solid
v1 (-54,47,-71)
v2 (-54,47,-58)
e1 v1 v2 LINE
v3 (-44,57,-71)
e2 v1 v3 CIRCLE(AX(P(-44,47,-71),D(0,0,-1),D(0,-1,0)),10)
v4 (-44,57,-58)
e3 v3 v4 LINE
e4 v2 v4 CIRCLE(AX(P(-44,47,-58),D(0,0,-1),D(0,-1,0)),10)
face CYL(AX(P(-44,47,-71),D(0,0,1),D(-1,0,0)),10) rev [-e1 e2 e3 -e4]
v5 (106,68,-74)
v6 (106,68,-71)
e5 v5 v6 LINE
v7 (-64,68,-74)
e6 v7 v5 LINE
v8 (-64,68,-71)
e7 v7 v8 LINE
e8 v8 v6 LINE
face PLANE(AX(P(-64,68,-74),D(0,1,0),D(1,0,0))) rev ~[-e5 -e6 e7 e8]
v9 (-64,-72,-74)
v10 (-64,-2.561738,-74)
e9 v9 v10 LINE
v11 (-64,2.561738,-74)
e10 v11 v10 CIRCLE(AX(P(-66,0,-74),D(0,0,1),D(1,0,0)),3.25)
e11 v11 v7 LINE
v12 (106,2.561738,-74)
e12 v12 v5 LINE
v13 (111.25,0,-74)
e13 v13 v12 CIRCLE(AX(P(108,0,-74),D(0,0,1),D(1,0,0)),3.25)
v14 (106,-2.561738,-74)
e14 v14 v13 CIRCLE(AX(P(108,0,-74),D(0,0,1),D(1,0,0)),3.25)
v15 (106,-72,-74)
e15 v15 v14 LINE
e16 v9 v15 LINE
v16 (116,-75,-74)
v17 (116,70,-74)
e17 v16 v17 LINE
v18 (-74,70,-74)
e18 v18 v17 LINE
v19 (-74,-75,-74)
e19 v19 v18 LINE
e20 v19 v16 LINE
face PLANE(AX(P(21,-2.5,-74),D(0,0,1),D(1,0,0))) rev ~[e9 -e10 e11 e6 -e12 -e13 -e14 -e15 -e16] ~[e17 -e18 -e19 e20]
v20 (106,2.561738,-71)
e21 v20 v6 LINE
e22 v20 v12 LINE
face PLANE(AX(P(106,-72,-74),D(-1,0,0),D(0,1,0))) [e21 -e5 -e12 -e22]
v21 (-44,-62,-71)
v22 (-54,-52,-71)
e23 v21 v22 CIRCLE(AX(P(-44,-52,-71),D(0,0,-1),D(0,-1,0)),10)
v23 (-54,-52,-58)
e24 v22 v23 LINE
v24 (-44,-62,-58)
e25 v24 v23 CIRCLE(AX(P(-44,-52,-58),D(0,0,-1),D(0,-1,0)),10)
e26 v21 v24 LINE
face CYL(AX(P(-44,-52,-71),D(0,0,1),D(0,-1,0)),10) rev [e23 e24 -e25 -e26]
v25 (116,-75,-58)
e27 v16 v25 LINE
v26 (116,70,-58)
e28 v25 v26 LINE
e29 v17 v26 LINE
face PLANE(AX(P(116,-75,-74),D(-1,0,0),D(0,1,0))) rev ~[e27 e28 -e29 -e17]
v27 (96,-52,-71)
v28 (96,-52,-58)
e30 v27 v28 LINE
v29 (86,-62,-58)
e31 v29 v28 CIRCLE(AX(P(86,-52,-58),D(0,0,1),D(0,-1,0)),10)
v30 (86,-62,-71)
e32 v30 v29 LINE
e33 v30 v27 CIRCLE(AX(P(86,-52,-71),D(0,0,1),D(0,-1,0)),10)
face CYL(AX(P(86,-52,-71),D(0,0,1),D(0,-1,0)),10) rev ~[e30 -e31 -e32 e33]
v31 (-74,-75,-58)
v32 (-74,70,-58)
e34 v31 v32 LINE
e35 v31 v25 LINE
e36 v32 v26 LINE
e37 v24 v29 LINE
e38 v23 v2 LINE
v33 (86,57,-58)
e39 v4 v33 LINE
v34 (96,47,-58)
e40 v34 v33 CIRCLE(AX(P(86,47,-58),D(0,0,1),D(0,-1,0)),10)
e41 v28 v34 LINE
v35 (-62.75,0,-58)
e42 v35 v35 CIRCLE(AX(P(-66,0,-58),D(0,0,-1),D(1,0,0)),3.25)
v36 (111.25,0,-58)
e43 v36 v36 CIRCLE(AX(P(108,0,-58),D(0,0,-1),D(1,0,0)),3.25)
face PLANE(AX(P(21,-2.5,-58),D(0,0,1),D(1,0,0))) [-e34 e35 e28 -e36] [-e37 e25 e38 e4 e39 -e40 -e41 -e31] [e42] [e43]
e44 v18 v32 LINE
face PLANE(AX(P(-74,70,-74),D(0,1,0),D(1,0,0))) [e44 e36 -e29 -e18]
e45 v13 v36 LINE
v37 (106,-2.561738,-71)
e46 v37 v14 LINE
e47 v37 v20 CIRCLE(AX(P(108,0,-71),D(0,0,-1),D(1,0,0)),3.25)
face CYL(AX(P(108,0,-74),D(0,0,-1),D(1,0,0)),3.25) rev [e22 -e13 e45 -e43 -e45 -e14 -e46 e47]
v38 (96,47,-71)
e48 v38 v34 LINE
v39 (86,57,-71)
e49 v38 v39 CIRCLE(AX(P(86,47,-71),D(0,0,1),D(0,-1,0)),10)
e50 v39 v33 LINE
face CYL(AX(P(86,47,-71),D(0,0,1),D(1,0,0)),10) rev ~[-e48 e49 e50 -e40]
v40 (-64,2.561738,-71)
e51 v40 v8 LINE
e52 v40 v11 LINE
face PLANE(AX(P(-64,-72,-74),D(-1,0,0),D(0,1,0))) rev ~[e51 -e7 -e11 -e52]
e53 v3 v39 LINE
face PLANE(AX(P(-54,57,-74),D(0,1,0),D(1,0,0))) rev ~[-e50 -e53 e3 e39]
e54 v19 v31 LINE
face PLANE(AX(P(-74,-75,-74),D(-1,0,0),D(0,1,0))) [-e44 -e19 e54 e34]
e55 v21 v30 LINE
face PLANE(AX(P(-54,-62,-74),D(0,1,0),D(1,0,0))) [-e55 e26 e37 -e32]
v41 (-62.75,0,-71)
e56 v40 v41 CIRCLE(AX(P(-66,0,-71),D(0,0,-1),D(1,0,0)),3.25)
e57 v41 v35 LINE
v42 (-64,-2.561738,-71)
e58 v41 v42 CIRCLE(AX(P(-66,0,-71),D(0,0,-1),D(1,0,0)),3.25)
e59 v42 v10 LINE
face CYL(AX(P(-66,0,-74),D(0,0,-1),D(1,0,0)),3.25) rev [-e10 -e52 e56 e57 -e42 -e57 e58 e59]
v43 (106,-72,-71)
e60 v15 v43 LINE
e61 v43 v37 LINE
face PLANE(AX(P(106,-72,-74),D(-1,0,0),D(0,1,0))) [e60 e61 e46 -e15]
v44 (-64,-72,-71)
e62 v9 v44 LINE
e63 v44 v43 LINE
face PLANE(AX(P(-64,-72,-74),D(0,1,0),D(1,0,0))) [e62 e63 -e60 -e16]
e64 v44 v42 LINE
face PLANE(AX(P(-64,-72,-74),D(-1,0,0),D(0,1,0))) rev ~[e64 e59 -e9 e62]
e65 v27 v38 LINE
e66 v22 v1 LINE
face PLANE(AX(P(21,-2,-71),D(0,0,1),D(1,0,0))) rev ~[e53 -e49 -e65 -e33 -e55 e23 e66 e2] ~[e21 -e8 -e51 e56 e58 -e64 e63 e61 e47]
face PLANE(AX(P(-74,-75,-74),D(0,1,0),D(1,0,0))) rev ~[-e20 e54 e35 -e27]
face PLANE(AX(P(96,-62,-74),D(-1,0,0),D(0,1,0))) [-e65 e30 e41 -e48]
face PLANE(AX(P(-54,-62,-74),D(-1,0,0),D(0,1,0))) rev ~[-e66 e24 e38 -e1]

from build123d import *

# Parameters (mm, degrees)
CYLINDER026_R     = 3.25
CYLINDER026_DEPTH = 26
ARRAY008_X_COUNT  = 2
ARRAY008_X_PITCH  = 174
BOX047_W          = 170
BOX047_H          = 140
BOX047_DEPTH      = 3
BOX046_W          = 150
BOX046_H          = 119
BOX046_DEPTH      = 16
BOX045_W          = 190
BOX045_H          = 145
BOX045_DEPTH      = 16
FILLET_R          = 10


with BuildPart() as array008:
    # Cylinder026 → Cylinder026 (new body)
    with BuildSketch(Plane(origin=(8, 75, 0), x_dir=(1, 0, 0), z_dir=(0, 0, 1))):
        Circle(CYLINDER026_R)
    extrude(amount=CYLINDER026_DEPTH)

    # Array008 X: Array008 ×2


with BuildPart() as array008_1:
    add(array008.part)
    with Locations(*[(i * ARRAY008_X_PITCH, 0, 0) for i in range(1, ARRAY008_X_COUNT)]):
        add(array008.part)


with BuildPart() as cubo034:
    # Box047 → Box047 (new body)
    with BuildSketch(Plane(origin=(10, 3, 0), x_dir=(1, 0, 0), z_dir=(0, 0, 1))):
        with Locations((85, 70)):
            Rectangle(BOX047_W, BOX047_H)
    extrude(amount=BOX047_DEPTH)


with BuildPart() as fusion025:
    # Box046 → Box046 (new body)
    with BuildSketch(Plane(origin=(20, 13, 0), x_dir=(1, 0, 0), z_dir=(0, 0, 1))):
        with Locations((75, 59.5)):
            Rectangle(BOX046_W, BOX046_H)
    extrude(amount=BOX046_DEPTH)

    # Fusion025: union Cubo034
    add(cubo034.part)


with BuildPart() as cubeta_inferior_sin_tuerca:
    # Box045 → Box045 (new body)
    with BuildSketch(Plane.XY):
        with Locations((95, 72.5)):
            Rectangle(BOX045_W, BOX045_H)
    extrude(amount=BOX045_DEPTH)

    # Cut033: cut Fusion025
    add(fusion025.part, mode=Mode.SUBTRACT)

    # Cut034: cut Array008
    add(array008_1.part, mode=Mode.SUBTRACT)

    # Fillet
    fillet_edges = [cubeta_inferior_sin_tuerca.edges().sort_by_distance(p)[0] for p in [
        (170, 132, 9.5),
        (20, 132, 9.5),
        (170, 13, 9.5),
        (20, 13, 9.5),
    ]]
    fillet(fillet_edges, radius=FILLET_R)


with BuildPart() as cubeta_inferior_sin_tuerca_1:
    # Fillet placement: moved
    add(cubeta_inferior_sin_tuerca.part.moved(Location((-74, -75, -74))))


solid = cubeta_inferior_sin_tuerca_1.part
